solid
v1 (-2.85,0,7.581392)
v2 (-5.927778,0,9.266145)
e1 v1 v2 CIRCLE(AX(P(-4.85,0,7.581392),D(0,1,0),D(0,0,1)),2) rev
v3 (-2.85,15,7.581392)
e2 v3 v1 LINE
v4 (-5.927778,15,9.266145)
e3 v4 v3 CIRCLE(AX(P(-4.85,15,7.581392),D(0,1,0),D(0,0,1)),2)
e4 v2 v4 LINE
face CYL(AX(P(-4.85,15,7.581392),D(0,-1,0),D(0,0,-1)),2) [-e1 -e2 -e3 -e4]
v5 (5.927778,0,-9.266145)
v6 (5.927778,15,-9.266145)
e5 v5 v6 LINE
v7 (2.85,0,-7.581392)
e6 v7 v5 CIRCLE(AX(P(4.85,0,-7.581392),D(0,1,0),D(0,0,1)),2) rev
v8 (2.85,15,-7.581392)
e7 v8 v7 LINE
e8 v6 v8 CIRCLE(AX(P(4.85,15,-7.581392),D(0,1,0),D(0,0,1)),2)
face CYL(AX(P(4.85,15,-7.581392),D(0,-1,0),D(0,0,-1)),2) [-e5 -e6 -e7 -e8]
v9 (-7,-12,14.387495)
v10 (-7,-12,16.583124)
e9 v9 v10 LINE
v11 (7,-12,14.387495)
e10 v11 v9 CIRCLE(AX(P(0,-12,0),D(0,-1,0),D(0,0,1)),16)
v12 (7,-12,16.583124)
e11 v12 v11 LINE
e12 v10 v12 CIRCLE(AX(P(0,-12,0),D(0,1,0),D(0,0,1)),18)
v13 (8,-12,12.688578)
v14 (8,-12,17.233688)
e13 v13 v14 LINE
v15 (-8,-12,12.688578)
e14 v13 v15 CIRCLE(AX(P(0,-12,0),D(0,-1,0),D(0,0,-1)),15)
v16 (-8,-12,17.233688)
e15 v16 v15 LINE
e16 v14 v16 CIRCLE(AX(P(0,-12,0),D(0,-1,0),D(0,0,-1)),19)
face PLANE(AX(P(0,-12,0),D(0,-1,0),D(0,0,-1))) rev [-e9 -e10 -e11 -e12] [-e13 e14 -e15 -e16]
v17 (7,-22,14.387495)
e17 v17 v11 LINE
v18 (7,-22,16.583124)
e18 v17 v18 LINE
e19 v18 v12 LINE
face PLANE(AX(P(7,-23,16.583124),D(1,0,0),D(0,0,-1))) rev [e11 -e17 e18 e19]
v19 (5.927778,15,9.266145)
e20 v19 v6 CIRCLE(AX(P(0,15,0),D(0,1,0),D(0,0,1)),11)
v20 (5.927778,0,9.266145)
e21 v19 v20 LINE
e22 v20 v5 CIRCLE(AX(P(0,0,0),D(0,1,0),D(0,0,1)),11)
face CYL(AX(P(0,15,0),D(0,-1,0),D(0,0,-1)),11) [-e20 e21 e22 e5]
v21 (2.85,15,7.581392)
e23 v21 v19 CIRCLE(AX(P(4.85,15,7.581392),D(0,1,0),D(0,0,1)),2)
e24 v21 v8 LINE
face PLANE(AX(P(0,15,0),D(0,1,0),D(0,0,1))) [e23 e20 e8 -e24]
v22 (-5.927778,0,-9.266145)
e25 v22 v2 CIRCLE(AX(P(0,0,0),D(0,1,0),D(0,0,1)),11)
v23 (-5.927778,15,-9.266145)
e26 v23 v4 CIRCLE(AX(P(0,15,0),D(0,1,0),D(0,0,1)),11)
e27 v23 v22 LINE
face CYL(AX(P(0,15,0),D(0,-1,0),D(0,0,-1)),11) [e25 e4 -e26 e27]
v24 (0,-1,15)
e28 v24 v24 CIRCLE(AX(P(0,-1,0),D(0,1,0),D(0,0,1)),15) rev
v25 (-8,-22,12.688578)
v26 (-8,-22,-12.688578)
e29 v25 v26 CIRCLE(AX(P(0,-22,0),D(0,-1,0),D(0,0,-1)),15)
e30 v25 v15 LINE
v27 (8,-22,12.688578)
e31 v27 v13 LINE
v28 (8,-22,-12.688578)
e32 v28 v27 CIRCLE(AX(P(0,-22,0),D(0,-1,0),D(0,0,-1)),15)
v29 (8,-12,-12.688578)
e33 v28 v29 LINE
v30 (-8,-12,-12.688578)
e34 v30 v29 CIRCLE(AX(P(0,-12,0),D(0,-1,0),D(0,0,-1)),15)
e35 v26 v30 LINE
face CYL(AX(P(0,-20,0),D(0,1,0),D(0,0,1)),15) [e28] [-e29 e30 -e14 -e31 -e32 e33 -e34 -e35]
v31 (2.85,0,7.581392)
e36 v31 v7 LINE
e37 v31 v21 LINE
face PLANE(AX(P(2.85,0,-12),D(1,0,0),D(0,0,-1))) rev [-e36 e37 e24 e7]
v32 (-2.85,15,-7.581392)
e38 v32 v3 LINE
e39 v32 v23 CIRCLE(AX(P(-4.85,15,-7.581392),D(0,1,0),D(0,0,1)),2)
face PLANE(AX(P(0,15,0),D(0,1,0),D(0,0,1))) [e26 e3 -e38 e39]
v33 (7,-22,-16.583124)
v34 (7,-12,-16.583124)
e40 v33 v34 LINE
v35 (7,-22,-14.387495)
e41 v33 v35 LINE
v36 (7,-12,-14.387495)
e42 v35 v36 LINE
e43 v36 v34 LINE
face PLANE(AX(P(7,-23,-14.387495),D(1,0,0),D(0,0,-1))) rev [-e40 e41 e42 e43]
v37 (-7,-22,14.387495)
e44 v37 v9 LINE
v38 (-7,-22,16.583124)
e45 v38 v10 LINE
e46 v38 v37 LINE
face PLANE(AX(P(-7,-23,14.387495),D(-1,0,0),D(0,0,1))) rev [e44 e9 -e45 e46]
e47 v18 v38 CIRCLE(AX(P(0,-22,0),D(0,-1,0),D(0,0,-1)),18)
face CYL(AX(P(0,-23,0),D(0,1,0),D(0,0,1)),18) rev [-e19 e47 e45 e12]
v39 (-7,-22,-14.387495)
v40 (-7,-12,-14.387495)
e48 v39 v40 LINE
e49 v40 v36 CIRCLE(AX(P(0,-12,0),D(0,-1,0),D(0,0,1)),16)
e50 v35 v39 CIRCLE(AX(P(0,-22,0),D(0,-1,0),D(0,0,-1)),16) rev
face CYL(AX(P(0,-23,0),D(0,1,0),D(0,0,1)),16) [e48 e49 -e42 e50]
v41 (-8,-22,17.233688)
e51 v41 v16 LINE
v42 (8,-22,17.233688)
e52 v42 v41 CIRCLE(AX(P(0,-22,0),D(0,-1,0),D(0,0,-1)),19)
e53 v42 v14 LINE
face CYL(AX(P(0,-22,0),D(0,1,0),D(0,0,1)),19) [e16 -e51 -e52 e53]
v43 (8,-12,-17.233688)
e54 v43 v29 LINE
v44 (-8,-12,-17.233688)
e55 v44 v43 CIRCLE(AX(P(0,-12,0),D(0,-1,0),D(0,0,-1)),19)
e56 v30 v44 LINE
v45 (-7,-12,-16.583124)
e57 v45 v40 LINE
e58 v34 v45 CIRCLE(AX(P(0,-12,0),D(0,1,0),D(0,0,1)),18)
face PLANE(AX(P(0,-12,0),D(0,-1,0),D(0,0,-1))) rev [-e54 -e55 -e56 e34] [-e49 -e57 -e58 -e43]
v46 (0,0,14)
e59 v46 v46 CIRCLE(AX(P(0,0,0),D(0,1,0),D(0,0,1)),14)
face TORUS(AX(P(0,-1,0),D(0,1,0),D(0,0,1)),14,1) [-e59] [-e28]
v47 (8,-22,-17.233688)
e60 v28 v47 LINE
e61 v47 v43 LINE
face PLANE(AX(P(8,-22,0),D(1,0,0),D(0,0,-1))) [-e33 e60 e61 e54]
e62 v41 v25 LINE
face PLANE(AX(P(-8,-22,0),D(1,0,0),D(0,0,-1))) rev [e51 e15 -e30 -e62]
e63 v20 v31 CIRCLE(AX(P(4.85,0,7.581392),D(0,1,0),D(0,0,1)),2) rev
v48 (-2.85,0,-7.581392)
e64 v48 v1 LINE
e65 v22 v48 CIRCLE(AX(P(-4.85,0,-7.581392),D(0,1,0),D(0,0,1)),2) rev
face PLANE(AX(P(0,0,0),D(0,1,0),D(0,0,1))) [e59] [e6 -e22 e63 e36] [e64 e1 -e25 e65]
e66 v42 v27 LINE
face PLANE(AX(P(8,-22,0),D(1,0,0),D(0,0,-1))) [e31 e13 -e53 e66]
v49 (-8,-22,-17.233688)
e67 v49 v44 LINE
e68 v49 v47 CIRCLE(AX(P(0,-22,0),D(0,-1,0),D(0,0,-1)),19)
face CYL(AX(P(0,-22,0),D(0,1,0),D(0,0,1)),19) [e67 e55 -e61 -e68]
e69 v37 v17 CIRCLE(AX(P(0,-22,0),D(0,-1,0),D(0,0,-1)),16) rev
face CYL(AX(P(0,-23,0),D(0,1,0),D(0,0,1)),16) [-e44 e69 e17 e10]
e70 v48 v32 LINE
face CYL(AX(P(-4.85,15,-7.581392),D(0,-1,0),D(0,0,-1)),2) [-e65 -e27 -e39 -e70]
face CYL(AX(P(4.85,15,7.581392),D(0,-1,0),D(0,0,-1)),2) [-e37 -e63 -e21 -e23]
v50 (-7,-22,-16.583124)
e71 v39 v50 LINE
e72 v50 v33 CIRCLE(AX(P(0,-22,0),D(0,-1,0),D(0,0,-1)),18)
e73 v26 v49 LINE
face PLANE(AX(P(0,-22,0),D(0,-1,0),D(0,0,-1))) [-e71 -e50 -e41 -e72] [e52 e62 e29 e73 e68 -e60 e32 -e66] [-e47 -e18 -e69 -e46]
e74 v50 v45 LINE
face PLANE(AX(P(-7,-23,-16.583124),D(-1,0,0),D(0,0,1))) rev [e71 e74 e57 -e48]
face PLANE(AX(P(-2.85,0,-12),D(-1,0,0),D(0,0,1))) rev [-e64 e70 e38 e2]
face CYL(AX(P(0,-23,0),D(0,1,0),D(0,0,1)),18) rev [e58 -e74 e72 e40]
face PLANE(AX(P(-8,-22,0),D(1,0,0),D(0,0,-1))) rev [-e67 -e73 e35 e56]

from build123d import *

# Parameters (mm, degrees)
SKETCH1_R           = 15
BOSS_EXTRUDE1_DEPTH = 20
SKETCH2_R           = 11
BOSS_EXTRUDE2_DEPTH = 15
SKETCH3_W           = 5.7
SKETCH3_H           = 24
CUT_EXTRUDE1_DEPTH  = 15
FILLET3_R           = 1
FILLET4_R           = 2
BOSS_EXTRUDE3_DEPTH = 2
BOSS_EXTRUDE4_START = -10
BOSS_EXTRUDE4_DEPTH = 10
CUT_EXTRUDE2_DEPTH  = 11
CUT_EXTRUDE3_DEPTH  = 11


with BuildPart() as part:
    # Sketch1 → Boss-Extrude1 (new body)
    with BuildSketch(Plane(origin=(0, 0, 0), x_dir=(1, 0, 0), z_dir=(0, 1, 0))):
        with Locations(Location((0, 0, 0), (0, 0, 270))):
            Circle(SKETCH1_R)
    extrude(amount=-BOSS_EXTRUDE1_DEPTH)

    # Sketch2 → Boss-Extrude2 (add)
    with BuildSketch(Plane(origin=(0, 0, 0), x_dir=(1, 0, 0), z_dir=(0, 1, 0))):
        with Locations(Location((0, 0, 0), (0, 0, 270))):
            Circle(SKETCH2_R)
    extrude(amount=BOSS_EXTRUDE2_DEPTH)

    # Sketch3 → Cut-Extrude1 (cut)
    with BuildSketch(Plane(origin=(0, 15, 0), x_dir=(1, 0, 0), z_dir=(0, 1, 0))):
        Rectangle(SKETCH3_W, SKETCH3_H)
    extrude(amount=-CUT_EXTRUDE1_DEPTH, mode=Mode.SUBTRACT)

    # Fillet3
    fillet3_edges = [part.edges().sort_by_distance(p)[0] for p in [
        (0, 0, -15),
    ]]
    fillet(fillet3_edges, radius=FILLET3_R)

    # Fillet4
    fillet4_edges = [part.edges().sort_by_distance(p)[0] for p in [
        (-2.85, 7.5, -10.624382335),
        (-2.85, 7.5, 10.624382335),
        (2.85, 7.5, 10.624382335),
        (2.85, 7.5, -10.624382335),
    ]]
    fillet(fillet4_edges, radius=FILLET4_R)

    # Sketch4 → Boss-Extrude3 (add)
    with BuildSketch(Plane.XZ.offset(20)):
        with BuildLine():
            ThreePointArc((8, 12.68857754), (0, 15), (-8, 12.68857754))
            Line((-8, 12.68857754), (-8, -12.68857754))
            ThreePointArc((-8, -12.68857754), (0, -15), (8, -12.68857754))
            Line((8, -12.68857754), (8, 12.68857754))
        make_face()
        with BuildLine():
            ThreePointArc((8, 17.23368794), (0, 19), (-8, 17.23368794))
            Line((-8, 17.23368794), (-8, 12.68857754))
            ThreePointArc((-8, 12.68857754), (0, 15), (8, 12.68857754))
            Line((8, 12.68857754), (8, 17.23368794))
        make_face()
        with BuildLine():
            Line((-8, -12.68857754), (-8, -17.23368794))
            ThreePointArc((-8, -17.23368794), (0, -19), (8, -17.23368794))
            Line((8, -17.23368794), (8, -12.68857754))
            ThreePointArc((8, -12.68857754), (0, -15), (-8, -12.68857754))
        make_face()
        with BuildLine():
            Line((-8, -12.68857754), (-8, 12.68857754))
            ThreePointArc((-8, 12.68857754), (-15, 0), (-8, -12.68857754))
        make_face()
        with BuildLine():
            ThreePointArc((15, 0), (13.133925537, 7.245688373), (8, 12.68857754))
            Line((8, 12.68857754), (8, -12.68857754))
            ThreePointArc((8, -12.68857754), (13.133925537, -7.245688373), (15, 0))
        make_face()
    extrude(amount=BOSS_EXTRUDE3_DEPTH)

    # Sketch7 → Boss-Extrude4 (add)
    with BuildSketch(Plane.XZ.offset(22).offset(BOSS_EXTRUDE4_START)):
        with BuildLine():
            Line((-8, -12.68857754), (-8, -17.23368794))
            ThreePointArc((-8, -17.23368794), (0, -19), (8, -17.23368794))
            Line((8, -17.23368794), (8, -12.68857754))
            ThreePointArc((8, -12.68857754), (0, -15), (-8, -12.68857754))
        make_face()
        with BuildLine():
            ThreePointArc((8, 17.23368794), (0, 19), (-8, 17.23368794))
            Line((-8, 17.23368794), (-8, 12.68857754))
            ThreePointArc((-8, 12.68857754), (0, 15), (8, 12.68857754))
            Line((8, 12.68857754), (8, 17.23368794))
        make_face()
    extrude(amount=BOSS_EXTRUDE4_DEPTH)

    # Sketch8 → Cut-Extrude2 (cut)
    with BuildSketch(Plane(origin=(0, -12, 0), x_dir=(1, 0, 0), z_dir=(0, 1, 0))):
        with BuildLine():
            Line((7, 14.38749457), (7, 16.583123952))
            ThreePointArc((7, 16.583123952), (0, 18), (-7, 16.583123952))
            Line((-7, 16.583123952), (-7, 14.38749457))
            ThreePointArc((-7, 14.38749457), (0, 16), (7, 14.38749457))
        make_face()
    extrude(amount=-CUT_EXTRUDE2_DEPTH, mode=Mode.SUBTRACT)

    # Sketch9 → Cut-Extrude3 (cut)
    with BuildSketch(Plane(origin=(0, -12, 0), x_dir=(1, 0, 0), z_dir=(0, 1, 0))):
        with BuildLine():
            Line((-7, -14.38749457), (-7, -16.583123952))
            ThreePointArc((-7, -16.583123952), (0, -18), (7, -16.583123952))
            Line((7, -16.583123952), (7, -14.38749457))
            ThreePointArc((7, -14.38749457), (0, -16), (-7, -14.38749457))
        make_face()
    extrude(amount=-CUT_EXTRUDE3_DEPTH, mode=Mode.SUBTRACT)


solid = part.part
